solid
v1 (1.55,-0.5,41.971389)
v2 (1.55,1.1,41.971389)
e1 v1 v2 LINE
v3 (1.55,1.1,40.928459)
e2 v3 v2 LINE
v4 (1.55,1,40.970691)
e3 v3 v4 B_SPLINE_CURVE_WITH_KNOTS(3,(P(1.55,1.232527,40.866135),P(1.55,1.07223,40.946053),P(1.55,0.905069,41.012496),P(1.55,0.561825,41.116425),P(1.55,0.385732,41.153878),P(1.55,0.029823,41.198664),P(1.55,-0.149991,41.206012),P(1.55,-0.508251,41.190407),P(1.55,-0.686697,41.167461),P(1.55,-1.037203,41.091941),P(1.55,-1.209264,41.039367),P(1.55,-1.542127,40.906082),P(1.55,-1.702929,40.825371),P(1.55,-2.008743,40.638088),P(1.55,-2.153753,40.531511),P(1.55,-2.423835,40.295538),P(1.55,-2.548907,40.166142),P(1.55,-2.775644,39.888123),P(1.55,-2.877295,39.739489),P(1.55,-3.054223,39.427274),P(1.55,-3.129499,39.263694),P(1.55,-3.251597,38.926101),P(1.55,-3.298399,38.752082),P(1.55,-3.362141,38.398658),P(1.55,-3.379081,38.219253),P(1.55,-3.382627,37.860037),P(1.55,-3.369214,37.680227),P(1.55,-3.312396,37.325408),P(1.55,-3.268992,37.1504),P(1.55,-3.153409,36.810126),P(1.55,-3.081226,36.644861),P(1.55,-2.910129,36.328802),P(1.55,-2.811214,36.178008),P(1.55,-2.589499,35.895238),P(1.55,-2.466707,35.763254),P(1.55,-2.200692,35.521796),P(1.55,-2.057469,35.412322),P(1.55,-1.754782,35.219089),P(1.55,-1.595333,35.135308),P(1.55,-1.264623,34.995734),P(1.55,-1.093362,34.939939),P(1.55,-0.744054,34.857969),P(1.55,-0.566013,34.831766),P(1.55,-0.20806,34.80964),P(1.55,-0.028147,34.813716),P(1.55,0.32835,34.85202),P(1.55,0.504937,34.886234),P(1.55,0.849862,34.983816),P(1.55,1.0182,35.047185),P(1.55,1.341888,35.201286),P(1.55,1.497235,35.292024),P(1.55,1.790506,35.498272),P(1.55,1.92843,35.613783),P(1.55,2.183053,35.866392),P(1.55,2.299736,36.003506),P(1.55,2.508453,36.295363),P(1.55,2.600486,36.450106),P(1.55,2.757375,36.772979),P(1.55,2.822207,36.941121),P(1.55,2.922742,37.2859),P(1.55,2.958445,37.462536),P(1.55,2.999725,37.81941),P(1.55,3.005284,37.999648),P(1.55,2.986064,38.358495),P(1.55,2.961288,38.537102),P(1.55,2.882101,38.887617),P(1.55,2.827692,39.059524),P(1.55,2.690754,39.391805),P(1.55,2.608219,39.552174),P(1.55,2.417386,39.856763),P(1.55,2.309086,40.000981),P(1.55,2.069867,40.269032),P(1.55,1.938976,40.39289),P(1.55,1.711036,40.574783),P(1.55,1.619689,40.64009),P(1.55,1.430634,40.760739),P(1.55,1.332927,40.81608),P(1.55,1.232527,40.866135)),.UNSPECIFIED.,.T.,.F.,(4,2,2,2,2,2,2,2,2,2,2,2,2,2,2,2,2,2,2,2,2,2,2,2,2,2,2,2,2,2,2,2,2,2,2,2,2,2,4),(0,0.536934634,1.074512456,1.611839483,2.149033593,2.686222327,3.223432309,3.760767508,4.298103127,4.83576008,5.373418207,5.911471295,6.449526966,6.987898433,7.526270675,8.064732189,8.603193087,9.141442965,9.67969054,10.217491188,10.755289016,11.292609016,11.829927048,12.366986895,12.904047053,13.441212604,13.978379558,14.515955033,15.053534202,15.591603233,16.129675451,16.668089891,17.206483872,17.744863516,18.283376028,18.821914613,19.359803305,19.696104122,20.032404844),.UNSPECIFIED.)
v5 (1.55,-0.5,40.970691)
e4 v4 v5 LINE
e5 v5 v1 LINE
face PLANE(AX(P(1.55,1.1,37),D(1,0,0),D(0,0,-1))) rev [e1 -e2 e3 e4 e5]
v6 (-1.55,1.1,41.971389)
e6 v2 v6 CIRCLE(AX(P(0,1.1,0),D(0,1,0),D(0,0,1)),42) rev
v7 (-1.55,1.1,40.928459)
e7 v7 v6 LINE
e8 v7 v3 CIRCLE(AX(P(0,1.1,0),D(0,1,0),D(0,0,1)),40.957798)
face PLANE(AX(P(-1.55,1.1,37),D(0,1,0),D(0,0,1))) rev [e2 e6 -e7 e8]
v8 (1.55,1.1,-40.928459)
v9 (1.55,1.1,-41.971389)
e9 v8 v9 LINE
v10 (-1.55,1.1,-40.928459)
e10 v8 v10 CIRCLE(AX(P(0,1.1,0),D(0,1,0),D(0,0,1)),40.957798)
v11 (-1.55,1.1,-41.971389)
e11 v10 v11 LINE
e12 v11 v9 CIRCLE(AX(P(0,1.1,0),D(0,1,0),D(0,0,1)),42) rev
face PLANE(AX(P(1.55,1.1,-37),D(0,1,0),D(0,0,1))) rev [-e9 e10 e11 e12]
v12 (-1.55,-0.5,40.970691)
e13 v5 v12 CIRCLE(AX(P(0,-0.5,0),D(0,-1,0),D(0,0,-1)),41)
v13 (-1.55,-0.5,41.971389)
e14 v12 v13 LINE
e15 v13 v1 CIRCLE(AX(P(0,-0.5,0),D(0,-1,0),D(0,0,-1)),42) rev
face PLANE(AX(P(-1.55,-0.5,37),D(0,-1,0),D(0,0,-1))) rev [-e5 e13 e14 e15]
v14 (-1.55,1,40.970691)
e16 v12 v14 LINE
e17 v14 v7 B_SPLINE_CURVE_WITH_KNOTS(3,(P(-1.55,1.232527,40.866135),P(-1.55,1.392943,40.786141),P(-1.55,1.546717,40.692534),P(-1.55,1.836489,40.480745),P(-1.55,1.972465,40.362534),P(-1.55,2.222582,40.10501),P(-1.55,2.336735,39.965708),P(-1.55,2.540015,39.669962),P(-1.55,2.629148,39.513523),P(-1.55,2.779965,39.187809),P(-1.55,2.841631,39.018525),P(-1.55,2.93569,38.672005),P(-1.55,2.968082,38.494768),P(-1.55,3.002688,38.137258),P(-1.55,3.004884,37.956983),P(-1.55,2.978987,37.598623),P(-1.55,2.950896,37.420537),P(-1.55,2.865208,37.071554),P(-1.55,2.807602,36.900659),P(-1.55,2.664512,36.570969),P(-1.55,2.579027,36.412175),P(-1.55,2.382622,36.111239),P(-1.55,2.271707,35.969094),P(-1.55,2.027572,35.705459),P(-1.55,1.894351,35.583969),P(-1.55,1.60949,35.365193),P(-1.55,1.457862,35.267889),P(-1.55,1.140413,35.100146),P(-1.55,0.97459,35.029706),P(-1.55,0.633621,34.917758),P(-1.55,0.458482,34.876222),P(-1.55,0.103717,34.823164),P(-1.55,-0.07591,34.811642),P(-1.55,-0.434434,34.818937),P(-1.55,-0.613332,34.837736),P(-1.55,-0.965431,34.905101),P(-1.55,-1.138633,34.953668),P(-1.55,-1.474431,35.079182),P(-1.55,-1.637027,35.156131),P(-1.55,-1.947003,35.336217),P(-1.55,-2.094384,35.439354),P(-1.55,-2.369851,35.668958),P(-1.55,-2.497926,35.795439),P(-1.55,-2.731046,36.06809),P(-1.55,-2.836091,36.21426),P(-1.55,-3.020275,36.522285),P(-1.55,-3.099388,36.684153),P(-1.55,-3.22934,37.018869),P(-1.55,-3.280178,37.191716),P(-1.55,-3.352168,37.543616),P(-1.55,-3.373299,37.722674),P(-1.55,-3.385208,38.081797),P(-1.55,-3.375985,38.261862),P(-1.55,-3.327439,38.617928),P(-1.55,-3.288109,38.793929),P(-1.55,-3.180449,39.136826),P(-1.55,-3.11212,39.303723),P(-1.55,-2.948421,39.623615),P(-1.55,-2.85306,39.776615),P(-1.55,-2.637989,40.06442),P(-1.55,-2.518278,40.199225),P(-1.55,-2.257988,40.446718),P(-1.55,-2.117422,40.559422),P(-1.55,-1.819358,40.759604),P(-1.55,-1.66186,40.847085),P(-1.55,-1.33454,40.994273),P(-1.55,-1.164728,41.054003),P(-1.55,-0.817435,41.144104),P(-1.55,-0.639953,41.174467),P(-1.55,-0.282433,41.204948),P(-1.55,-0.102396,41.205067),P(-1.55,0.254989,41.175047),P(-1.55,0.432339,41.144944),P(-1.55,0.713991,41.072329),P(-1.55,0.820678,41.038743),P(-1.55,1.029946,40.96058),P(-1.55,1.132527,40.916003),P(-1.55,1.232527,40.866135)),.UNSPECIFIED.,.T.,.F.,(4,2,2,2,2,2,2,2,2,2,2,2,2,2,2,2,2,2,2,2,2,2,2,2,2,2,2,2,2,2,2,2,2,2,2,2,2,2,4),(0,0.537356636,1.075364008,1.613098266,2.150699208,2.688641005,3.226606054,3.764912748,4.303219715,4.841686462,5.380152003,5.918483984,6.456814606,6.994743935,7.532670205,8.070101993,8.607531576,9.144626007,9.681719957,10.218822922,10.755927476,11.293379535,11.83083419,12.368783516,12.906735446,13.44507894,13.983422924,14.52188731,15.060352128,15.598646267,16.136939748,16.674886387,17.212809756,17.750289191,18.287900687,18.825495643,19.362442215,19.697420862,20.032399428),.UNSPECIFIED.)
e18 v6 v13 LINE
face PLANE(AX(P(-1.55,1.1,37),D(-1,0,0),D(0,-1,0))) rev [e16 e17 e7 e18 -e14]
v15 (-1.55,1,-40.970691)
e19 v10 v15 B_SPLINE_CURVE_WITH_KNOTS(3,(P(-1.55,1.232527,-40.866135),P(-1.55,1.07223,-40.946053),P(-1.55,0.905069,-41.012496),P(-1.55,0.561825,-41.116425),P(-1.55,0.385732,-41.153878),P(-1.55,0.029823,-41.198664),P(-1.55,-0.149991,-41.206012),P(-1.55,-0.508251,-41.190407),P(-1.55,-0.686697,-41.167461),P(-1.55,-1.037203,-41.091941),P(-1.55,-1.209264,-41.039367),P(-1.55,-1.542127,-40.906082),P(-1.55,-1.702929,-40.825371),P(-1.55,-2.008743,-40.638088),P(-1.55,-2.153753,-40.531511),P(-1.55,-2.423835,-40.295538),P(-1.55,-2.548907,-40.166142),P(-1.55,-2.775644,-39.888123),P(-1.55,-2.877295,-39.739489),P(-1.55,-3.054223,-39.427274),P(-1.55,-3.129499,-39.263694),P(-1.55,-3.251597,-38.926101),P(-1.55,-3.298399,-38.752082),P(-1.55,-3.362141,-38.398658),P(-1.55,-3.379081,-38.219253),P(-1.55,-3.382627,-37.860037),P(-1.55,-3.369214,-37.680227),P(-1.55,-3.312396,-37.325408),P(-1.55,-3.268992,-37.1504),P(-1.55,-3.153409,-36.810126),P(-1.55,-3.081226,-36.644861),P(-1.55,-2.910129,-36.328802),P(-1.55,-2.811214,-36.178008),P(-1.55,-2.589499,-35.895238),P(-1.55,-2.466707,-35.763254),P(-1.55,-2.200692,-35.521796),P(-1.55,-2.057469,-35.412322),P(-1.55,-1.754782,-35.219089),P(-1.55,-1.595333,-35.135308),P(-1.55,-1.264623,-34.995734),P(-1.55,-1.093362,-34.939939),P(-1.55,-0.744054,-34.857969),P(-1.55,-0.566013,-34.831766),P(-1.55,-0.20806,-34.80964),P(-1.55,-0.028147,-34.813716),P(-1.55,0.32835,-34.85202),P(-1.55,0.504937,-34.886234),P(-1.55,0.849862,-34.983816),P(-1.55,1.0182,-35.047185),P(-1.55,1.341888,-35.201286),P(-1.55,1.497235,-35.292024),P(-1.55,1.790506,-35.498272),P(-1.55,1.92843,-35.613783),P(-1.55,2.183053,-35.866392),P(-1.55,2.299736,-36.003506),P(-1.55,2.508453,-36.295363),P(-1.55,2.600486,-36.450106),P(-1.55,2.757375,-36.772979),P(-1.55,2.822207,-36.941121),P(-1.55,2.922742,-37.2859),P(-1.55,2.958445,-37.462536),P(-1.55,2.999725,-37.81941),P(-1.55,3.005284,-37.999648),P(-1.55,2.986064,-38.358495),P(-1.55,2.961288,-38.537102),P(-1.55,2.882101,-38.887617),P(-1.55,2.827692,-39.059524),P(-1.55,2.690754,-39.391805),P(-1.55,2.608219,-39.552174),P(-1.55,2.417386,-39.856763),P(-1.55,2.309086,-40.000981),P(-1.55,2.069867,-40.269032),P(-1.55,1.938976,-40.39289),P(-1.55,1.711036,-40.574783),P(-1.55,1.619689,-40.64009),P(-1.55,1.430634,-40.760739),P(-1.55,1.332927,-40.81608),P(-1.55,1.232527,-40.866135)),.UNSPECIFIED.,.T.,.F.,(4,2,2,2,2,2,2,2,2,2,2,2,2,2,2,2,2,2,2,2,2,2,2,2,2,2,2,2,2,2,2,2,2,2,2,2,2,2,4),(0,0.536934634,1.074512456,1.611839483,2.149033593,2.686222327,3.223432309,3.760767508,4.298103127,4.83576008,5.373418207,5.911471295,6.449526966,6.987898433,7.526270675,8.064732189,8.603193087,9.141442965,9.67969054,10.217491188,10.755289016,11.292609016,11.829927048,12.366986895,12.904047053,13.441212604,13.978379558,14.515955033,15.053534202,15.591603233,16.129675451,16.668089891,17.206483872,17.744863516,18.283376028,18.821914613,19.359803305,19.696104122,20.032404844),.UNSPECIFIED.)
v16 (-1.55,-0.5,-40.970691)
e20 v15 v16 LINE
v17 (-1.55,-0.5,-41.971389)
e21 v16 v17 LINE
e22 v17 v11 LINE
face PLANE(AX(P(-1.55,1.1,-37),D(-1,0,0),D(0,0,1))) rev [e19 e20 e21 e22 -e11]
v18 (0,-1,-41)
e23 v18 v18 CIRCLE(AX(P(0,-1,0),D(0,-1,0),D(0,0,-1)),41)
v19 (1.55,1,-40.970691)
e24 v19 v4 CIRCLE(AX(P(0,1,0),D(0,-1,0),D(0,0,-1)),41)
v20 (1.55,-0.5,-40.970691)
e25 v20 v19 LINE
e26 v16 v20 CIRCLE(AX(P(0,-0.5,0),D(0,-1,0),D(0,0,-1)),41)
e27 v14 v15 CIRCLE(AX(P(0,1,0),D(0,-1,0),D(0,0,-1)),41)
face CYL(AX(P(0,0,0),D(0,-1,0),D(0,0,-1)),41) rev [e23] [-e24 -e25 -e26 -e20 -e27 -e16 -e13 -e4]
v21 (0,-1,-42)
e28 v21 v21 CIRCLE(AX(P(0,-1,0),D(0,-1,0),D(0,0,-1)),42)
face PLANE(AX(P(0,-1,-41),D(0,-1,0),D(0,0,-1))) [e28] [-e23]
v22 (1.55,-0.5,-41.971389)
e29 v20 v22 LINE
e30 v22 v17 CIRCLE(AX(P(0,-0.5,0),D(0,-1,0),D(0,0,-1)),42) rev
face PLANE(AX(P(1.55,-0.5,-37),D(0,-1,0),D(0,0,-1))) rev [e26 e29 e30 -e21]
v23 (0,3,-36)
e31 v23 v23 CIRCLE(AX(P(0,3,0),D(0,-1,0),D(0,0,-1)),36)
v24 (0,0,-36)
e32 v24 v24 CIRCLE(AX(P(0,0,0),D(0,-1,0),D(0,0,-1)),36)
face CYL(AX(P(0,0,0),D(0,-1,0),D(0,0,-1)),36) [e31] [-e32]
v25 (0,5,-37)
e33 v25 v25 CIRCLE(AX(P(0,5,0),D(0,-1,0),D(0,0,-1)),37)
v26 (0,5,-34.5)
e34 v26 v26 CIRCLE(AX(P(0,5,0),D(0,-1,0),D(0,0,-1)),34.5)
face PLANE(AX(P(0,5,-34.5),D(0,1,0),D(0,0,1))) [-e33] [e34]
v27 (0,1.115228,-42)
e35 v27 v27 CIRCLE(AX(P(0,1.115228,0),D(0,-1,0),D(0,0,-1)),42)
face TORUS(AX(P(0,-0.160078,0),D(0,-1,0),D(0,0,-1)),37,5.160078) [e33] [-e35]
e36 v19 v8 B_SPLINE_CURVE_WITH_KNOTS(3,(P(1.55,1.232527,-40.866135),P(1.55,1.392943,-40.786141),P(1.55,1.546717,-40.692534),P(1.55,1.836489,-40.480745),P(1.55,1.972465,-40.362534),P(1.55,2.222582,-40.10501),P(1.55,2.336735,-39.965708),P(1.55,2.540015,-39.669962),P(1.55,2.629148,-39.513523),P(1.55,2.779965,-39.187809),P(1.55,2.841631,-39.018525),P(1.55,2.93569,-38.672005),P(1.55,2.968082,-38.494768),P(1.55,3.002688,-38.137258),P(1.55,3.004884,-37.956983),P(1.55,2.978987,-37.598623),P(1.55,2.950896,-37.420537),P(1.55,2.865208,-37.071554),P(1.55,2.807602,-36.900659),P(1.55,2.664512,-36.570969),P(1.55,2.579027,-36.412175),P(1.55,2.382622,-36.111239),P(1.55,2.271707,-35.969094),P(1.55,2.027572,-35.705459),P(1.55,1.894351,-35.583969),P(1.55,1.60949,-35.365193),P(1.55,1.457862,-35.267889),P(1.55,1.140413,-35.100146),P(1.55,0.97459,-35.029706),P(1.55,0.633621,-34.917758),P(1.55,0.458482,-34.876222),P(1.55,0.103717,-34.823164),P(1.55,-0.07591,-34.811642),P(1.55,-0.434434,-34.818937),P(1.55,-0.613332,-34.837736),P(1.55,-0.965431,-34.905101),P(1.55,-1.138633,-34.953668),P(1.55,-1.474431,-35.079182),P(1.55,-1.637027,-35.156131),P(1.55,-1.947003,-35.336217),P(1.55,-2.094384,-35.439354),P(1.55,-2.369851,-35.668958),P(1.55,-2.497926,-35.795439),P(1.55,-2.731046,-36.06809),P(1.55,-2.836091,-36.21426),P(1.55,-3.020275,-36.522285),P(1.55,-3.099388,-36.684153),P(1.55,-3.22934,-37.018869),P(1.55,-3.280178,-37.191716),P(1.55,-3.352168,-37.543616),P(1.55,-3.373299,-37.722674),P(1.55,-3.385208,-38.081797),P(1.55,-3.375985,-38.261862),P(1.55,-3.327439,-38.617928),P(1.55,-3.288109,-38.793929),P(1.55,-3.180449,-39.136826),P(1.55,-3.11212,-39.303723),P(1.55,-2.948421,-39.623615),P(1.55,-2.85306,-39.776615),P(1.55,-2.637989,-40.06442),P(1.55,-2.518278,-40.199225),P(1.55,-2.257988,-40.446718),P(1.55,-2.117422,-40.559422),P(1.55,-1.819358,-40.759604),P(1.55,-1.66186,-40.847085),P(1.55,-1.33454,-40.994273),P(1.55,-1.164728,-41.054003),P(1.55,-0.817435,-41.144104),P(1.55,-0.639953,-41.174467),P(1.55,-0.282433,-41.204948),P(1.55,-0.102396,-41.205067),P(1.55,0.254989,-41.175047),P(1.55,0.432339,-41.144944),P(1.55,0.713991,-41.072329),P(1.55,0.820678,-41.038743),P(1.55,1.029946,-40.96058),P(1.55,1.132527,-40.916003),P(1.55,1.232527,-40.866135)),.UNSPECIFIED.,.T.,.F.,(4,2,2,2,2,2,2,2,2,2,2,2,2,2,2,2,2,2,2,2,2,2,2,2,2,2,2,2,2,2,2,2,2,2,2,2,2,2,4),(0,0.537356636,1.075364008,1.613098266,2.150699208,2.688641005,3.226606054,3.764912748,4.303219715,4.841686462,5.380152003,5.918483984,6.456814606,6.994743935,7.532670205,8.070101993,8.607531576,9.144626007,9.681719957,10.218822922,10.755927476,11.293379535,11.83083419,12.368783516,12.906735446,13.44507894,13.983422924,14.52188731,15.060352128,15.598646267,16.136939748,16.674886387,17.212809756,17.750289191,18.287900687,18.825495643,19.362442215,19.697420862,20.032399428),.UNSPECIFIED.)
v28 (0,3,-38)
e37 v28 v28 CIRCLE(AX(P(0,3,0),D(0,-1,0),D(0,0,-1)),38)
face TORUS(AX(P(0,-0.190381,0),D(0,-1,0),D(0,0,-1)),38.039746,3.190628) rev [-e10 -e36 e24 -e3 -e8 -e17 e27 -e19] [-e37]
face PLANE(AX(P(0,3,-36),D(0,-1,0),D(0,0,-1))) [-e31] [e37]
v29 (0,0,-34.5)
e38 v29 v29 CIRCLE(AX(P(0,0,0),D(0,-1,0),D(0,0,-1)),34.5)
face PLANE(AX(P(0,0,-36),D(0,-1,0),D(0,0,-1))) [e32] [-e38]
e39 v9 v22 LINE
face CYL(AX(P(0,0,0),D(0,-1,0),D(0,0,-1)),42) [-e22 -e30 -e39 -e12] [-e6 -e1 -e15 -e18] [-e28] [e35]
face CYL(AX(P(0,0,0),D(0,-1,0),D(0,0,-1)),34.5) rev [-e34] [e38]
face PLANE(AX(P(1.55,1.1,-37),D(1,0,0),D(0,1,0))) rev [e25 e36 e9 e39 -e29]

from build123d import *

# Parameters (mm, degrees)
SKETCH_2_W               = 3.1
SKETCH_2_H               = 1.6
CUT_EXTRUDE_1_DEPTH      = 5
PATTERN_CIRCULAR_2_COUNT = 2


with BuildPart() as part:
    # Эскиз1 → Повернуть1 (revolve)
    with BuildSketch(Plane(origin=(0, 0, 0), x_dir=(0, 0, -1), z_dir=(1, 0, 0))):
        with BuildLine():
            Line((36, 0), (36, 3))
            Line((36, 3), (38, 3))
            ThreePointArc((38, 3), (39.809588321, 2.464382482), (41, 1))
            Line((41, 1), (41, -1))
            Line((41, -1), (42, -1))
            Line((42, -1), (42, 1.115227568))
            ThreePointArc((42, 1.115227568), (40.165890745, 3.914666233), (37, 5))
            Line((37, 5), (34.5, 5))
            Line((34.5, 5), (34.5, 0))
            Line((34.5, 0), (36, 0))
        make_face()
    revolve(axis=Axis((0, 0, 0), (0, 1, 0)))

    # Эскиз2 → Вырез-Вытянуть1 (cut)
    with BuildSketch(Plane(origin=(0, 0, -42), x_dir=(-1, 0, 0), z_dir=(0, 0, -1))):
        with Locations((0, 0.3)):
            Rectangle(SKETCH_2_W, SKETCH_2_H)
    cut_extrude_1 = extrude(amount=-CUT_EXTRUDE_1_DEPTH, mode=Mode.SUBTRACT)

    # Круговой массив2: Вырез-Вытянуть1 ×2 about axis
    pattern_circular_2_axis = Axis((0, 0, 0), (0, -1, 0))
    for i in range(1, PATTERN_CIRCULAR_2_COUNT):
        add(cut_extrude_1.rotate(pattern_circular_2_axis, i * 360 / PATTERN_CIRCULAR_2_COUNT), mode=Mode.SUBTRACT)


solid = part.part
